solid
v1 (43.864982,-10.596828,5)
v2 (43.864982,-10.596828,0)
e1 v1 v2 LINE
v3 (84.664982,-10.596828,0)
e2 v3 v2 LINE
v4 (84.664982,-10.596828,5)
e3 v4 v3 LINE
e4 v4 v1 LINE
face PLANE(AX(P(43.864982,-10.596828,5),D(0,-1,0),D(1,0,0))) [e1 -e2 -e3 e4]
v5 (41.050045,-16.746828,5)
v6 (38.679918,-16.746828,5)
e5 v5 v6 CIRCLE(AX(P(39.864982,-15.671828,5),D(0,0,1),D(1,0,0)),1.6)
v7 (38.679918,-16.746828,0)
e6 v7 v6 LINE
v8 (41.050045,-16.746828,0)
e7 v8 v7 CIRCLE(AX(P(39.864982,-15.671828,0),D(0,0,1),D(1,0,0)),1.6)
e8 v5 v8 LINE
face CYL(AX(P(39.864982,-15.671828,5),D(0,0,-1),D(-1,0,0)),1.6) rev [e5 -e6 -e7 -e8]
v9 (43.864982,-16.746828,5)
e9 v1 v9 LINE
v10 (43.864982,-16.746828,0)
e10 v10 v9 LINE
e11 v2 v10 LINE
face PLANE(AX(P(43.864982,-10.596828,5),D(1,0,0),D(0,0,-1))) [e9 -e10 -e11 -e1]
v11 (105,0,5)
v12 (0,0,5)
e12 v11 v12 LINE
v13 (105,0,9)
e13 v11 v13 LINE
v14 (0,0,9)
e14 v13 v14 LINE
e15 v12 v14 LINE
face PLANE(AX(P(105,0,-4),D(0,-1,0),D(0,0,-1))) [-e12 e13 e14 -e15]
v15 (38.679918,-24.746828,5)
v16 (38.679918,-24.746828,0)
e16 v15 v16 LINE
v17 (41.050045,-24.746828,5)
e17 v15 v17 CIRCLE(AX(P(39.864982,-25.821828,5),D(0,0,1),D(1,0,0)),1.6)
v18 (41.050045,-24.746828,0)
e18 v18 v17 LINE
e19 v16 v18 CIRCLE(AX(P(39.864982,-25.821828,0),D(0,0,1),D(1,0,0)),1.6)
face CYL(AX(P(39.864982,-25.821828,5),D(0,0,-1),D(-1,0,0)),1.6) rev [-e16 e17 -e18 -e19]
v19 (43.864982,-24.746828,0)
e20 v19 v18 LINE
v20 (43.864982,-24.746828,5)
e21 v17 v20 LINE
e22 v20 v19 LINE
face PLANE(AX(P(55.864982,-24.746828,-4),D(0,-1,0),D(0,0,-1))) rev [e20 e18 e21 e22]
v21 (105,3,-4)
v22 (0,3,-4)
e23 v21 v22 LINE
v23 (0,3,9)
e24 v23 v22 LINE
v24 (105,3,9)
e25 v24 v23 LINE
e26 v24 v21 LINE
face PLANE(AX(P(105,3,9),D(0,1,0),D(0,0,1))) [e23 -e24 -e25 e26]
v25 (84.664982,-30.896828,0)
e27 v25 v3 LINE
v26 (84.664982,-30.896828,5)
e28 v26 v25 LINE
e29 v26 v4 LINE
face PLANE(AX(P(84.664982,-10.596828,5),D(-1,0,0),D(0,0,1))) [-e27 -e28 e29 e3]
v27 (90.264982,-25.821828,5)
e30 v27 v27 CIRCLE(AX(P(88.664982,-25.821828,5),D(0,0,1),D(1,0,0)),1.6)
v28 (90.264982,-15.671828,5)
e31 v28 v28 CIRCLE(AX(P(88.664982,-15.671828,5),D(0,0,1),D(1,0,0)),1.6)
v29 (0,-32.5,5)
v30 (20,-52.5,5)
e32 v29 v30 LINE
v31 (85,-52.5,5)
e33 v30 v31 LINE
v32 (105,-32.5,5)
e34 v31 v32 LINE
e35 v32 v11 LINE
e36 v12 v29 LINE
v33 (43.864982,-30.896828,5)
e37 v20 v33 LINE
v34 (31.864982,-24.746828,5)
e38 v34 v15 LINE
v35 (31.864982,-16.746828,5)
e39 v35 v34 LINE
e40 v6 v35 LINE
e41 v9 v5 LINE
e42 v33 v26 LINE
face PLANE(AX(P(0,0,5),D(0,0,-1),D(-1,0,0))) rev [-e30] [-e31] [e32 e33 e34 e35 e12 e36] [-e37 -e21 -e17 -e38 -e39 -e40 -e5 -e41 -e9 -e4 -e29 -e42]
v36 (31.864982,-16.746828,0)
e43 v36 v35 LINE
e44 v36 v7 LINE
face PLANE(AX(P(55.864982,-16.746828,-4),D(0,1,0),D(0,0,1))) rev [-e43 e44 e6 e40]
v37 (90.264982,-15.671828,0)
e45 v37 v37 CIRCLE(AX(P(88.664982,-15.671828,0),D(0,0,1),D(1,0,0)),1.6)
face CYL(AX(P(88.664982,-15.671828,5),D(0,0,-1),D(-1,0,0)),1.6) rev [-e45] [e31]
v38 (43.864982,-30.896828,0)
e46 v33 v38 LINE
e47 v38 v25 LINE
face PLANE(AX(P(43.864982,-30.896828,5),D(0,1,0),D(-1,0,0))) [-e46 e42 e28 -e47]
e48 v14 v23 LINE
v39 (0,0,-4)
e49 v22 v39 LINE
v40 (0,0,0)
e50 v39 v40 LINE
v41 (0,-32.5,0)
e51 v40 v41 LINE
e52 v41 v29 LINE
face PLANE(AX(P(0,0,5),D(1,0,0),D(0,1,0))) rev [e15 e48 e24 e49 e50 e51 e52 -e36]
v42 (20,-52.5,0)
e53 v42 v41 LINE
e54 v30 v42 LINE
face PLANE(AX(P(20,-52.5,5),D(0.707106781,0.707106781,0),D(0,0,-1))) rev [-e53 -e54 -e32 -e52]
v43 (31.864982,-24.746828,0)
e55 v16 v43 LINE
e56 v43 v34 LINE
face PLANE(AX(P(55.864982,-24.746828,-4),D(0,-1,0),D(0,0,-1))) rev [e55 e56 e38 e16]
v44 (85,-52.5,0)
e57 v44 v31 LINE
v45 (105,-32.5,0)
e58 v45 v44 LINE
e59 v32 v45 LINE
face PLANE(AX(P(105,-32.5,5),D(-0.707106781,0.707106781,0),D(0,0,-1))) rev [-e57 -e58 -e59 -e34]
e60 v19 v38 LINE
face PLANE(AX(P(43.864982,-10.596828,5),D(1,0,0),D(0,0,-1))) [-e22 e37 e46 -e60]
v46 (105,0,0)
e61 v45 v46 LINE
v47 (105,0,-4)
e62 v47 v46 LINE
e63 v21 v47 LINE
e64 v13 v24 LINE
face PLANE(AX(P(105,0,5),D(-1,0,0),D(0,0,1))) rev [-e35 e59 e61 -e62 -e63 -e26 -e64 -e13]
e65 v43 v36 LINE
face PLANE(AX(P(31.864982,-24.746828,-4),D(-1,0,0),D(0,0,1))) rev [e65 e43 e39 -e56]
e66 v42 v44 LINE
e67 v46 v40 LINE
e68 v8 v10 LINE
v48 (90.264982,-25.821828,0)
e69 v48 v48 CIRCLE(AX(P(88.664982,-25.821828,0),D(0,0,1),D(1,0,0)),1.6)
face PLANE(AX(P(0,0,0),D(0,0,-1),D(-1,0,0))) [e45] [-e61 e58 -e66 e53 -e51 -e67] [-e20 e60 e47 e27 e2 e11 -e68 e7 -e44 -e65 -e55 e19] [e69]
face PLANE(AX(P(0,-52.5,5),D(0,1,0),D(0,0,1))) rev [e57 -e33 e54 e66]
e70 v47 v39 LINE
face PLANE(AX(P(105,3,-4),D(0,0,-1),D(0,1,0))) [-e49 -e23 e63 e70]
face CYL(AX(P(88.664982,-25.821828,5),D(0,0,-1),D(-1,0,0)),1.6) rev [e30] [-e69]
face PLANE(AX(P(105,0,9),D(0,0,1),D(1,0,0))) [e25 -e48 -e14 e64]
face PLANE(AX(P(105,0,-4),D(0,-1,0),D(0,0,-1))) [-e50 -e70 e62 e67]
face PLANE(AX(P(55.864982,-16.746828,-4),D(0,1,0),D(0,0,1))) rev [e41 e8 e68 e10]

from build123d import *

# Parameters (mm, degrees)
SKETCH_1_W          = 105
SKETCH_1_H          = 52.5
SKETCH_1_R          = 1.6
SKETCH_1_W_2        = 40.8
SKETCH_1_H_2        = 20.3
EXTRUDE_1_DEPTH     = 5
SKETCH_3_W          = 13
SKETCH_3_H          = 3
EXTRUDE_2_DEPTH     = 105
SKETCH_4_W          = 24
SKETCH_4_H          = 8
CUT_EXTRUDE_1_DEPTH = 118.738056719
CHAMFER_1_SIZE      = 20


with BuildPart() as part:
    # 草图1 → 凸台-拉伸1 (new body)
    with BuildSketch(Plane.XY):
        with Locations((52.5, -26.25)):
            Rectangle(SKETCH_1_W, SKETCH_1_H)
        with Locations((39.864981543, -15.671828005)):
            Circle(SKETCH_1_R, mode=Mode.SUBTRACT)
        with Locations((39.864981543, -25.821828005)):
            Circle(SKETCH_1_R, mode=Mode.SUBTRACT)
        with Locations((88.664981543, -15.671828005)):
            Circle(SKETCH_1_R, mode=Mode.SUBTRACT)
        with Locations((88.664981543, -25.821828005)):
            Circle(SKETCH_1_R, mode=Mode.SUBTRACT)
        with Locations((64.264981543, -20.746828005)):
            Rectangle(SKETCH_1_W_2, SKETCH_1_H_2, mode=Mode.SUBTRACT)
    extrude(amount=EXTRUDE_1_DEPTH)

    # 草图3 → 凸台-拉伸2 (add, through all)
    with BuildSketch(Plane.ZY):
        with Locations((2.5, 1.5)):
            Rectangle(SKETCH_3_W, SKETCH_3_H)
    extrude(amount=-EXTRUDE_2_DEPTH)

    # 草图4 → 切除-拉伸1 (cut, through all)
    with BuildSketch(Plane.XY.offset(5)):
        with Locations((43.864981543, -20.746828005)):
            Rectangle(SKETCH_4_W, SKETCH_4_H)
    extrude(amount=-CUT_EXTRUDE_1_DEPTH, mode=Mode.SUBTRACT)

    # 倒角1
    chamfer_1_edges = [part.edges().sort_by_distance(p)[0] for p in [
        (105, -52.5, 2.5),
        (0, -52.5, 2.5),
    ]]
    chamfer(chamfer_1_edges, length=CHAMFER_1_SIZE)


solid = part.part
